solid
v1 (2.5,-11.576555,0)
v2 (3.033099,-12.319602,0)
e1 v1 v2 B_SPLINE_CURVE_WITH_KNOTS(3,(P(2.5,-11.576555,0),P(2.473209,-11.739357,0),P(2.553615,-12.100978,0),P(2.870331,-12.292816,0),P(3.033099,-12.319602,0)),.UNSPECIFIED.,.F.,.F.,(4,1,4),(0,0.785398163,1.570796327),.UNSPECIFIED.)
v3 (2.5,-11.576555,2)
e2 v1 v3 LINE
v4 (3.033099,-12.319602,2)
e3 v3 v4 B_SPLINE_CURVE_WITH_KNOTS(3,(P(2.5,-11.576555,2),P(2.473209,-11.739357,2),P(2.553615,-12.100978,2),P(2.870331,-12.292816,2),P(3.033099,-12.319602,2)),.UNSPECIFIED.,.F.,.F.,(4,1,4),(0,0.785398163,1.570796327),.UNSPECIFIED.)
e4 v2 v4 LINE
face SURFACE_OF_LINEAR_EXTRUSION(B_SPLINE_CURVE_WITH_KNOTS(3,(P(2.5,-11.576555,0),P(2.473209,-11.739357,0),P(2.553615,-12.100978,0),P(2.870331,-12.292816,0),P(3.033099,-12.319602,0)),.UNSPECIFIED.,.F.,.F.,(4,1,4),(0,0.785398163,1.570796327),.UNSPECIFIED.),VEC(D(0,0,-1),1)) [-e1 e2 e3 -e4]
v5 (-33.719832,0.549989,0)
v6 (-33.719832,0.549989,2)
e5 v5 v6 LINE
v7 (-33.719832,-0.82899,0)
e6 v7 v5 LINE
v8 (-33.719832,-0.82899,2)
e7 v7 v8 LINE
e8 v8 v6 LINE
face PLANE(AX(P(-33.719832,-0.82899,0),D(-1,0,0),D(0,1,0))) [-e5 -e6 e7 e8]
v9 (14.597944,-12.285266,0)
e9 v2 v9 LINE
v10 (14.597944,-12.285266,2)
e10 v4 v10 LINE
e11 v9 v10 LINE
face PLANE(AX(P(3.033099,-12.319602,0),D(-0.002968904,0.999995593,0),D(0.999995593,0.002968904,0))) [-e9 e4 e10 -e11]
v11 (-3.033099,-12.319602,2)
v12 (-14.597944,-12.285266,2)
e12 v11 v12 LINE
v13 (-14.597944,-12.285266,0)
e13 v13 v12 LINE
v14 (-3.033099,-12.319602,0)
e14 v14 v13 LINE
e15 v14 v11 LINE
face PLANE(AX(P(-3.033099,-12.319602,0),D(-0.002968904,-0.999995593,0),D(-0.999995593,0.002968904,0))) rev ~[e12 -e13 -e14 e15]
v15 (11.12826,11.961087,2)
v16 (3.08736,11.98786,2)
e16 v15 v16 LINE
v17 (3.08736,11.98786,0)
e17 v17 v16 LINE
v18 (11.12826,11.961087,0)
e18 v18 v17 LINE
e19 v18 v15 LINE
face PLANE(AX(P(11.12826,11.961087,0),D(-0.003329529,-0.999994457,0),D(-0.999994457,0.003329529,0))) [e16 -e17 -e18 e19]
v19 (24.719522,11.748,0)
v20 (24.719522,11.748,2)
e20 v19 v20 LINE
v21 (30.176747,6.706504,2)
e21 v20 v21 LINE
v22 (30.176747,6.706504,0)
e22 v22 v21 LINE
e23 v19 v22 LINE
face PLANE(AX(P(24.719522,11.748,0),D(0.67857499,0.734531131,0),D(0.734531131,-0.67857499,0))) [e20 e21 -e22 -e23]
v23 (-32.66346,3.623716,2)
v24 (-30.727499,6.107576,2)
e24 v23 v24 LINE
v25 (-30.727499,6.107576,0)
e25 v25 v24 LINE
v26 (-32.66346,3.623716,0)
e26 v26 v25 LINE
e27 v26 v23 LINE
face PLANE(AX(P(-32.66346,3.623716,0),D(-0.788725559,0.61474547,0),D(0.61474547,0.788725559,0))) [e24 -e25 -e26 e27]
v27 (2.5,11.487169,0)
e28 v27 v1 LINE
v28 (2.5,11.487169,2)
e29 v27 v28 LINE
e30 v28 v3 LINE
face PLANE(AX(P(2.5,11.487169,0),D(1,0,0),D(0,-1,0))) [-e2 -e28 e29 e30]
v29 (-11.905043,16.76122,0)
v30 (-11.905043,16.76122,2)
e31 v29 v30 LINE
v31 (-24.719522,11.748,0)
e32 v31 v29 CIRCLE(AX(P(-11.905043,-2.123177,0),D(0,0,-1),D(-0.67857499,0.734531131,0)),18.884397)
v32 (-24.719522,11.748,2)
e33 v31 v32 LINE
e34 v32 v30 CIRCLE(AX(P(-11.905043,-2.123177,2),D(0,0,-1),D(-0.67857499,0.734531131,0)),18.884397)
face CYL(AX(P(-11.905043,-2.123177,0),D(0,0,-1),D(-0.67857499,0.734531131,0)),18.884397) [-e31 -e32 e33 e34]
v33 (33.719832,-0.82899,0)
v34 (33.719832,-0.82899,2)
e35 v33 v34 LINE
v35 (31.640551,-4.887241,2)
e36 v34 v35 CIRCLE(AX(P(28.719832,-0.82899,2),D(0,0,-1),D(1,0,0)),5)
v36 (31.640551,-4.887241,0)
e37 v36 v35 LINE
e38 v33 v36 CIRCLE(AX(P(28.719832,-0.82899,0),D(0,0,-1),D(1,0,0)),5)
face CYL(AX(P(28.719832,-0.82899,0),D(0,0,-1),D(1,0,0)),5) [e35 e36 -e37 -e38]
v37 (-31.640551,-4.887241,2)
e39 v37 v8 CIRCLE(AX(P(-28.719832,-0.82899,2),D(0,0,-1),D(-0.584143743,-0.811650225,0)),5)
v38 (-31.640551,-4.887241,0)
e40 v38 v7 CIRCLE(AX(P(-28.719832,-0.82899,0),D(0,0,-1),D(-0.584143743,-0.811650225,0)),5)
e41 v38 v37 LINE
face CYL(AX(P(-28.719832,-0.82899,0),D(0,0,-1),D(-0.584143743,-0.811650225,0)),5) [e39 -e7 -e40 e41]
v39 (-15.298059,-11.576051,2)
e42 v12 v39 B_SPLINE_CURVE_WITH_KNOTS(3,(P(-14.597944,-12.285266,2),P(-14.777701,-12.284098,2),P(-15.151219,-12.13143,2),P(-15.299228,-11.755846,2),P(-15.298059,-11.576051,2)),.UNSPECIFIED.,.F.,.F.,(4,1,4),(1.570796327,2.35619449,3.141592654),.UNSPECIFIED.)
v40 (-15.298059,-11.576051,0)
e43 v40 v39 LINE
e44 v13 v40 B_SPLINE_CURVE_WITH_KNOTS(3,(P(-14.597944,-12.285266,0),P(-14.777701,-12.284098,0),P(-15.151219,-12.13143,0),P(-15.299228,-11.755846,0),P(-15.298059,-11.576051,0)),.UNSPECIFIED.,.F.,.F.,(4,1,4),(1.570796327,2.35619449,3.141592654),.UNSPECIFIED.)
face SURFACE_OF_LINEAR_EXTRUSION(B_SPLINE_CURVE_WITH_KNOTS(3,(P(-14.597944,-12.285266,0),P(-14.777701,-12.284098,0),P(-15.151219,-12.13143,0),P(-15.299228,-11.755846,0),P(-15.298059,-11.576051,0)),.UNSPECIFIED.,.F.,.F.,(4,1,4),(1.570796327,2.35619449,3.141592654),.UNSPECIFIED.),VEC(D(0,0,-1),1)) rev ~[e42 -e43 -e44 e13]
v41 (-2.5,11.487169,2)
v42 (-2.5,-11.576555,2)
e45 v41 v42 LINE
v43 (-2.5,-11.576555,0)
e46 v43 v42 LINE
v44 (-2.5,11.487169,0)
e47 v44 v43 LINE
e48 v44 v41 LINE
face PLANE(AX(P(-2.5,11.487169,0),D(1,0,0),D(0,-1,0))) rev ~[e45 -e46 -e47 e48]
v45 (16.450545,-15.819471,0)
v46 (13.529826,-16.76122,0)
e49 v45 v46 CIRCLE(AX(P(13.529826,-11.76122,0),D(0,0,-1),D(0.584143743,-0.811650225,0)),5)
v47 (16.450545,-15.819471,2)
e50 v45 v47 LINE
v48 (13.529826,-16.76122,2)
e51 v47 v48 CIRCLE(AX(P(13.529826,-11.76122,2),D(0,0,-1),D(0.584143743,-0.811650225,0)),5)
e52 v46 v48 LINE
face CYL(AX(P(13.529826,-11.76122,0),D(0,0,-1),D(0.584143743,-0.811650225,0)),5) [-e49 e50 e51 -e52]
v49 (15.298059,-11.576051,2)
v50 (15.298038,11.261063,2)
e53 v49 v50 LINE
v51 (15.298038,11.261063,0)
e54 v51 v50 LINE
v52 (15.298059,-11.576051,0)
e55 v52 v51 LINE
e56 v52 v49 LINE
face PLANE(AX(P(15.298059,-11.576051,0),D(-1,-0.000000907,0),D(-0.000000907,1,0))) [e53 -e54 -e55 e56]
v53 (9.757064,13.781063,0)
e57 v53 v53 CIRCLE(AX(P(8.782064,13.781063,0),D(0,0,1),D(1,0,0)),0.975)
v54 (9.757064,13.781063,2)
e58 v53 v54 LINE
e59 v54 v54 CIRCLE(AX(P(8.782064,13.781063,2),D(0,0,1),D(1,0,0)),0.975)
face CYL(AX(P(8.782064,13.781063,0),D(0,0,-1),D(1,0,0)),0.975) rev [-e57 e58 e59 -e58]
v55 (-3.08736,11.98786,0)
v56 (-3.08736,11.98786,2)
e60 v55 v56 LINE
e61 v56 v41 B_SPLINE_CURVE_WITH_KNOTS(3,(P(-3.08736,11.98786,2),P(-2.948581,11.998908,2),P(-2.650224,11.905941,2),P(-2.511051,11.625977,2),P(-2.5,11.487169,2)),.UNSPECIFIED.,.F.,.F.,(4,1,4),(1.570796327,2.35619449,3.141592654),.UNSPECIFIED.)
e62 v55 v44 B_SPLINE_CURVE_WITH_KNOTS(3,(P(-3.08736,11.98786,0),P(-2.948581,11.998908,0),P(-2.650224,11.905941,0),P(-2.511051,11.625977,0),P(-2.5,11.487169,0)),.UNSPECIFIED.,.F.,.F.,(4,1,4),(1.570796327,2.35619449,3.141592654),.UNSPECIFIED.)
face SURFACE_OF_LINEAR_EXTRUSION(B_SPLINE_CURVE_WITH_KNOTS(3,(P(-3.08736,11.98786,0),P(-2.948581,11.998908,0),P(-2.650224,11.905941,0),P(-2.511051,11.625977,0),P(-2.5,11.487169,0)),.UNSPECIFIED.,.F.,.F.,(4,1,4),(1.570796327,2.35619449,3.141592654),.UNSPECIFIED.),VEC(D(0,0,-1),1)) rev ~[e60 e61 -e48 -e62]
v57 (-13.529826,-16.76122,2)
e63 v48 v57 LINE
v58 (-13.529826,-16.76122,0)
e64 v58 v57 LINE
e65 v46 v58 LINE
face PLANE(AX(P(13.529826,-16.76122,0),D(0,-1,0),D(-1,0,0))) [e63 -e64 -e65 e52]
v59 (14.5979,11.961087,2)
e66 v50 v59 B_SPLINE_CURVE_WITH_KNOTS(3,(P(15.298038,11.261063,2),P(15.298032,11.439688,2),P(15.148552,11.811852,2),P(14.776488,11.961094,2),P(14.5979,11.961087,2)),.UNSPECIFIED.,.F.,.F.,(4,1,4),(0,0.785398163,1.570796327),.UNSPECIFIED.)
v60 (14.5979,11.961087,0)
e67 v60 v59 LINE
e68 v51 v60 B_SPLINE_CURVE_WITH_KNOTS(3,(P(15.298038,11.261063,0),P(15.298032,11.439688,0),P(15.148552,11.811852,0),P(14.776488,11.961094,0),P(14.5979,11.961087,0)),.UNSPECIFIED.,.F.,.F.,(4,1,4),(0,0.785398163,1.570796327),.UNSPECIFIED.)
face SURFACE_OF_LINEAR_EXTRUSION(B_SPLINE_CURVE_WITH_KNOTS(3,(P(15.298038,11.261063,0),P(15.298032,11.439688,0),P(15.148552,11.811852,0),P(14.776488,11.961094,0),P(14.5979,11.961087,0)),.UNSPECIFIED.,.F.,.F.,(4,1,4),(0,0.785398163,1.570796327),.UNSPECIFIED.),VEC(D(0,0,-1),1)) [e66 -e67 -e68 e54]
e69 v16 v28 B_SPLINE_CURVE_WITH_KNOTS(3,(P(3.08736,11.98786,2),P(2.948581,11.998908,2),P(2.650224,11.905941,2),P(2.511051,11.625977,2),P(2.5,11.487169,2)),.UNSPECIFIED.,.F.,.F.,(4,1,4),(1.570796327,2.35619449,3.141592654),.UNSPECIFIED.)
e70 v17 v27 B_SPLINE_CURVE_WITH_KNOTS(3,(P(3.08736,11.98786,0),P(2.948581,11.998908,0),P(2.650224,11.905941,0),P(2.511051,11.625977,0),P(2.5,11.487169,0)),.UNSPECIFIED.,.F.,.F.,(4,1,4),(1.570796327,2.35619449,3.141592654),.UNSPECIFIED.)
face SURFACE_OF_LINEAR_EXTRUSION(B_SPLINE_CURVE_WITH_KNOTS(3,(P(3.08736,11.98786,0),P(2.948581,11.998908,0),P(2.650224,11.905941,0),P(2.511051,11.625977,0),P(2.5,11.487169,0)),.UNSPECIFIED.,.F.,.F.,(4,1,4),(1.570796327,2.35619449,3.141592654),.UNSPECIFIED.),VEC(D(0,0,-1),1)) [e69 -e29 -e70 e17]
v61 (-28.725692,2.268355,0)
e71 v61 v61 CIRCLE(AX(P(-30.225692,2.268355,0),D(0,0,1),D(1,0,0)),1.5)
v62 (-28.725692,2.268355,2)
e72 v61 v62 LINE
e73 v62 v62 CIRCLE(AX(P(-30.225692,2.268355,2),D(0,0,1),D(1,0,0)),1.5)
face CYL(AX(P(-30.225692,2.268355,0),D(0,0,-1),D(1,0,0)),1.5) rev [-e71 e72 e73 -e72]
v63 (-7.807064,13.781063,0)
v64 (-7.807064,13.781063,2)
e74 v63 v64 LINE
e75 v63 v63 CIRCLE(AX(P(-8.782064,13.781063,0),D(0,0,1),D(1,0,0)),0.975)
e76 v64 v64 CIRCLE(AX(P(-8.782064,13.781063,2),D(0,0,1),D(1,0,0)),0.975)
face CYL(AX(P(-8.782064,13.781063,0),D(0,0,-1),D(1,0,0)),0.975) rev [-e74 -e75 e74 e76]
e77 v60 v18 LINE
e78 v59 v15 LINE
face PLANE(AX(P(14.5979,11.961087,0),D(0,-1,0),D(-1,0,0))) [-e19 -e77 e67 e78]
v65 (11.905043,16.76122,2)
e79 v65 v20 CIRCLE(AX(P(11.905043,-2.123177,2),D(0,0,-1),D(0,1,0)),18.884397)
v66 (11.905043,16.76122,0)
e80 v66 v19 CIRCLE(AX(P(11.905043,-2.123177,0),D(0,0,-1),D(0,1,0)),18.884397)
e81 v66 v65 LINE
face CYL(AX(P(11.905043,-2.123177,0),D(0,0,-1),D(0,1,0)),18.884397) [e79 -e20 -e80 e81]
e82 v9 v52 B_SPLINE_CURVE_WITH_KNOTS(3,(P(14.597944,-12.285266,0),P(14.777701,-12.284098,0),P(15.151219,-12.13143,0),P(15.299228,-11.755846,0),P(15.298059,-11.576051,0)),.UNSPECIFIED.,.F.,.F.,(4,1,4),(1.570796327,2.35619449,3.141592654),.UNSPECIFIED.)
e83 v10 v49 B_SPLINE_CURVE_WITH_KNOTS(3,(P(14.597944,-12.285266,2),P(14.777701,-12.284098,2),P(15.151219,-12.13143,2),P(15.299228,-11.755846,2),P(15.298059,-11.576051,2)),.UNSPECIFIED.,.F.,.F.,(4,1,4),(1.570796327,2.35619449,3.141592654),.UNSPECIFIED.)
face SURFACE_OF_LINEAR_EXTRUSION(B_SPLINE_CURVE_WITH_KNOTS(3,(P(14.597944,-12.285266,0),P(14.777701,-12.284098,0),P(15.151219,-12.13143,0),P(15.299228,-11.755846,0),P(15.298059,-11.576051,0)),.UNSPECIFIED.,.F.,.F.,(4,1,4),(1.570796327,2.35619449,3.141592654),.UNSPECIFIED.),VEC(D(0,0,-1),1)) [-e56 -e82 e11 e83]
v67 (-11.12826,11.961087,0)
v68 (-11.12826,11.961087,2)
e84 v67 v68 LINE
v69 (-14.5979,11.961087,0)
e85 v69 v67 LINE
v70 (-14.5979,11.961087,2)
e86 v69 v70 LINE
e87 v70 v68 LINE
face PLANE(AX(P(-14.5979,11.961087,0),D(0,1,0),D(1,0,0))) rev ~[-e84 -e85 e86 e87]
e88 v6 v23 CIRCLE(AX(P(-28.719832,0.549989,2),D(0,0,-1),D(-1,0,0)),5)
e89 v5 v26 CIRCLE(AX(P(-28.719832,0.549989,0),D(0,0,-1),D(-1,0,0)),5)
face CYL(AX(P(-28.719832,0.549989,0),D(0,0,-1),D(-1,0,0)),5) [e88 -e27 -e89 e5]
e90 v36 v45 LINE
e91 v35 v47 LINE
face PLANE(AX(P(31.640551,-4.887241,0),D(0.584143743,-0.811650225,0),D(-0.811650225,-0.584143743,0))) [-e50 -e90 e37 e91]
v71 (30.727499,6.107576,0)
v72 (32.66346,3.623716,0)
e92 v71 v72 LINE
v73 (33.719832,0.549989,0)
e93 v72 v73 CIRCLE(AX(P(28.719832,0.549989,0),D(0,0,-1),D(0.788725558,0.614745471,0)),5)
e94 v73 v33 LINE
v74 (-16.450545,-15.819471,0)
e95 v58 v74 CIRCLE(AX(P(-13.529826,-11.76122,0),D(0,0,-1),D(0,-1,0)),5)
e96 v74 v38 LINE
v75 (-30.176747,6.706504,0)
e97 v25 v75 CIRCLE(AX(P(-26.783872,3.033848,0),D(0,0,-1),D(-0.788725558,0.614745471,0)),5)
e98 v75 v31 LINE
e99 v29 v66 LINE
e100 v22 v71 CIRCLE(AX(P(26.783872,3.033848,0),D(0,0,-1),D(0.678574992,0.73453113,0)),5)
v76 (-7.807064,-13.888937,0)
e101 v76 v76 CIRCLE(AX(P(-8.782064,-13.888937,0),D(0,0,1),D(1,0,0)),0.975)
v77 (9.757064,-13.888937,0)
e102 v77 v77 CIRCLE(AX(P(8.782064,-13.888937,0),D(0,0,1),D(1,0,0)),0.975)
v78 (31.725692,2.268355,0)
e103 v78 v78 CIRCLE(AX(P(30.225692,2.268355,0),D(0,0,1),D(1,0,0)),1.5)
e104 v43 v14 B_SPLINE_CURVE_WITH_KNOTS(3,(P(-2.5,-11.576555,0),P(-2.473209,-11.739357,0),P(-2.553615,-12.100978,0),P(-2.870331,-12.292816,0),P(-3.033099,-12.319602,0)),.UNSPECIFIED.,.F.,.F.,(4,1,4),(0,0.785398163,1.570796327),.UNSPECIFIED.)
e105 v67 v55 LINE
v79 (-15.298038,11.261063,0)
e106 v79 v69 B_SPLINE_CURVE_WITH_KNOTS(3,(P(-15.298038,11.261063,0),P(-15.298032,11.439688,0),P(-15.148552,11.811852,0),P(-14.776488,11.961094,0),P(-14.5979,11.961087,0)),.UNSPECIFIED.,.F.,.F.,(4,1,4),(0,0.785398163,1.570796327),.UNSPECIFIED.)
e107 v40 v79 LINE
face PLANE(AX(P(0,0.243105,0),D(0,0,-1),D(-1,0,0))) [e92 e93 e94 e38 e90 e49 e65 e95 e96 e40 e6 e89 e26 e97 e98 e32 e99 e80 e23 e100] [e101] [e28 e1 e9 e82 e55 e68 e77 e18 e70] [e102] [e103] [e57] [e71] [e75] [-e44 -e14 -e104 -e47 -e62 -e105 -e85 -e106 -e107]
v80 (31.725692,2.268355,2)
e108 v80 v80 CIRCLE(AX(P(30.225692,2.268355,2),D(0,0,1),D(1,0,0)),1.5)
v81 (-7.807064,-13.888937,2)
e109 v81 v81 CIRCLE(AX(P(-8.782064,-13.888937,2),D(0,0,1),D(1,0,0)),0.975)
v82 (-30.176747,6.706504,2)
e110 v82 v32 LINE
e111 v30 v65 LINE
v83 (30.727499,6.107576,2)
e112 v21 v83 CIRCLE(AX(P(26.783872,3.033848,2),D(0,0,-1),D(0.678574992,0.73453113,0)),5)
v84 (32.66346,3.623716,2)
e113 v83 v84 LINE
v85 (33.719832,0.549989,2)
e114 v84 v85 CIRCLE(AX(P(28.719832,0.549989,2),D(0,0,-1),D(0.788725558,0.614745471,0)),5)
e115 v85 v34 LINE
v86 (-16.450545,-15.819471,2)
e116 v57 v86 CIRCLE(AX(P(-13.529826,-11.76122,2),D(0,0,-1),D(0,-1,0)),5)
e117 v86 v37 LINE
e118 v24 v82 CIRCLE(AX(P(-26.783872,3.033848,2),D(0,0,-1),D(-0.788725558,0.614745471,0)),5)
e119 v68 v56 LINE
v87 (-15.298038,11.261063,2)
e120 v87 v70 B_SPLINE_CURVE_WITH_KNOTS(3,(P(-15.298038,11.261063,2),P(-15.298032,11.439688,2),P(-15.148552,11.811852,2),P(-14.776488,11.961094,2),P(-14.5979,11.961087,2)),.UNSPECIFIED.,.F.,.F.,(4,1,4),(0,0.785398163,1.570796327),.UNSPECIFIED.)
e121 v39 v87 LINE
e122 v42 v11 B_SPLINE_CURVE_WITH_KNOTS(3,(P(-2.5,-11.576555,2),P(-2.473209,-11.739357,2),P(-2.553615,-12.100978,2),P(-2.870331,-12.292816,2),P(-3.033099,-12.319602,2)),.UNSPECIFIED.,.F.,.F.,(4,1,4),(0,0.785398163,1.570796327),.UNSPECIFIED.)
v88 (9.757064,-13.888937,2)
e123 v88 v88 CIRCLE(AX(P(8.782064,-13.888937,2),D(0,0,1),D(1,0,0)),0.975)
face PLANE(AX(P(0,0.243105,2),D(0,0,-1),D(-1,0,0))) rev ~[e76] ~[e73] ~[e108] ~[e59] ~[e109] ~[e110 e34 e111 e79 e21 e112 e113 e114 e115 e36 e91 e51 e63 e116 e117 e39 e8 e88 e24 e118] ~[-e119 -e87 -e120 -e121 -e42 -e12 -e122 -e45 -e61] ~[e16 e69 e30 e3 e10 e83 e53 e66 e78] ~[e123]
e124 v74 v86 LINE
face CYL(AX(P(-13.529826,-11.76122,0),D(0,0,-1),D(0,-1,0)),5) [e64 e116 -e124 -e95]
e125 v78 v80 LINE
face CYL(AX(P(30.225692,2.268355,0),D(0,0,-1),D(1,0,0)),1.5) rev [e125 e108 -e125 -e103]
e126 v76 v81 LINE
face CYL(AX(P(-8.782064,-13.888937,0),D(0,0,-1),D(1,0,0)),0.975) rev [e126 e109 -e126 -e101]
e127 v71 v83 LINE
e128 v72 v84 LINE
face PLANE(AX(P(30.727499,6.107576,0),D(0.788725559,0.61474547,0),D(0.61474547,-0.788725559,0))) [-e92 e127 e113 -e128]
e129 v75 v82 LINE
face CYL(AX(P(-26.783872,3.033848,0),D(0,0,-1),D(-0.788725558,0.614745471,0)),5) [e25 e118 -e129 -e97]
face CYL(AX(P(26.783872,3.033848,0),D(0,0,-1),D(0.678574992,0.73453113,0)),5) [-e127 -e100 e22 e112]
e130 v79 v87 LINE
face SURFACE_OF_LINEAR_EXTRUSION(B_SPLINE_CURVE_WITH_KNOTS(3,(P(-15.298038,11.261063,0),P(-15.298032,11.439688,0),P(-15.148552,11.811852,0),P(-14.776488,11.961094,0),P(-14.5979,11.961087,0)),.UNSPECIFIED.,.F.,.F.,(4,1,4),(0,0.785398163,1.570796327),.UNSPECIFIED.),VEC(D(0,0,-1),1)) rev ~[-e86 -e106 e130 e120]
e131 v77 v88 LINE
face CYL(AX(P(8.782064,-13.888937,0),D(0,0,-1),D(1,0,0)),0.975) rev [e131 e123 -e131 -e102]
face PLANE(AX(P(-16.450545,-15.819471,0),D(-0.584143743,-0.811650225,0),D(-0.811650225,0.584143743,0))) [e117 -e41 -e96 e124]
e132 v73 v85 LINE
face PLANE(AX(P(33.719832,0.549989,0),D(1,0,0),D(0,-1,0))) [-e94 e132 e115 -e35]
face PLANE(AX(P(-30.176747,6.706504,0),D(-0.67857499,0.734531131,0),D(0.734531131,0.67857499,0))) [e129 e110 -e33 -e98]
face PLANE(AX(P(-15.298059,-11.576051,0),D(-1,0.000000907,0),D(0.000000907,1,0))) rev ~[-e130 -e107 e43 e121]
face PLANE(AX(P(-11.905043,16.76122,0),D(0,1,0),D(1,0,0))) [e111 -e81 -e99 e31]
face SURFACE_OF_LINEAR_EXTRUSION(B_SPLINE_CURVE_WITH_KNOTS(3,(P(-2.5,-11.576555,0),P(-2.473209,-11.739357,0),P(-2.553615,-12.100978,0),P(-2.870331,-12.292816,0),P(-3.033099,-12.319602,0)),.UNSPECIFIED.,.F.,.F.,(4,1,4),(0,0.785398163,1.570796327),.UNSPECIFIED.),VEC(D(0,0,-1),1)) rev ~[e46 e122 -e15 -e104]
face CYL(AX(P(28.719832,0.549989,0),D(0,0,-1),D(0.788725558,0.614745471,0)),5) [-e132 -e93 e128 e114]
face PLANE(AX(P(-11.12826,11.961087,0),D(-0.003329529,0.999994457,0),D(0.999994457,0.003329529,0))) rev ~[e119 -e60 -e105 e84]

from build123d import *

# Parameters (mm, degrees)
ESQUISSE1_R             = 1.5
ESQUISSE1_R_2           = 0.975
BOSS_EXTRU_3_DEPTH      = 2
ESQUISSE2_R             = 1.5
ENL_V_MAT_EXTRU_1_DEPTH = 10


with BuildPart() as part:
    # Esquisse1 → Boss.-Extru.3 (new body)
    with BuildSketch(Plane.XY):
        with BuildLine():
            Line((31.640550531, -4.887241018), (16.450544828, -15.819470843))
            ThreePointArc((16.450544828, -15.819470843), (15.064222472, -16.51996197), (13.529826111, -16.761219719))
            Line((13.529826111, -16.761219719), (-13.529826111, -16.761219719))
            ThreePointArc((-13.529826111, -16.761219719), (-15.064222472, -16.51996197), (-16.450544828, -15.819470843))
            Line((-16.450544828, -15.819470843), (-31.640550531, -4.887241018))
            ThreePointArc((-31.640550531, -4.887241018), (-33.169752802, -3.108946738), (-33.719831815, -0.828989895))
            Line((-33.719831815, -0.828989895), (-33.719831815, 0.549989061))
            ThreePointArc((-33.719831815, 0.549989061), (-33.448369589, 2.175083064), (-32.663459607, 3.623716413))
            Line((-32.663459607, 3.623716413), (-30.727499402, 6.107575779))
            ThreePointArc((-30.727499402, 6.107575779), (-30.464326323, 6.418261685), (-30.17674656, 6.706504084))
            Line((-30.17674656, 6.706504084), (-24.719522272, 11.748000297))
            ThreePointArc((-24.719522272, 11.748000297), (-18.785145606, 15.463312907), (-11.905042981, 16.761219719))
            Line((-11.905042981, 16.761219719), (11.905042981, 16.761219719))
            ThreePointArc((11.905042981, 16.761219719), (18.785145606, 15.463312907), (24.719522272, 11.748000297))
            Line((24.719522272, 11.748000297), (30.17674656, 6.706504084))
            ThreePointArc((30.17674656, 6.706504084), (30.464326323, 6.418261685), (30.727499402, 6.107575779))
            Line((30.727499402, 6.107575779), (32.663459607, 3.623716413))
            ThreePointArc((32.663459607, 3.623716413), (33.448369589, 2.175083064), (33.719831815, 0.549989061))
            Line((33.719831815, 0.549989061), (33.719831815, -0.828989895))
            ThreePointArc((33.719831815, -0.828989895), (33.169752802, -3.108946738), (31.640550531, -4.887241018))
        make_face()
        with Locations((-30.225692015, 2.268354752)):
            Circle(ESQUISSE1_R, mode=Mode.SUBTRACT)
        with Locations((-8.782063878, 13.78106332)):
            Circle(ESQUISSE1_R_2, mode=Mode.SUBTRACT)
        with Locations((-8.782063878, -13.88893668)):
            Circle(ESQUISSE1_R_2, mode=Mode.SUBTRACT)
        with Locations((8.782063878, -13.88893668)):
            Circle(ESQUISSE1_R_2, mode=Mode.SUBTRACT)
        with Locations((8.782063878, 13.78106332)):
            Circle(ESQUISSE1_R_2, mode=Mode.SUBTRACT)
        with Locations((30.225692015, 2.268354752)):
            Circle(ESQUISSE1_R, mode=Mode.SUBTRACT)
        with BuildLine():
            Line((-2.5, 11.487169319), (-2.5, -11.576554556))
            add(Edge.make_bspline(
                [(-2.5, -11.576554556), (-2.473208566, -11.739357127), (-2.553615023, -12.100978181), (-2.87033079, -12.292815757), (-3.033099085, -12.319601551)],
                knots=[0, 0, 0, 0, 0.785398163, 1.570796327, 1.570796327, 1.570796327, 1.570796327], degree=3))
            Line((-3.033099085, -12.319601551), (-14.597943906, -12.285266489))
            add(Edge.make_bspline(
                [(-14.597943906, -12.285266489), (-14.777700694, -12.284097516), (-15.151218557, -12.131430398), (-15.299227824, -11.755845667), (-15.298058605, -11.576051026)],
                knots=[1.570796327, 1.570796327, 1.570796327, 1.570796327, 2.35619449, 3.141592654, 3.141592654, 3.141592654, 3.141592654], degree=3))
            Line((-15.298058605, -11.576051026), (-15.298037902, 11.261063321))
            add(Edge.make_bspline(
                [(-15.298037902, 11.261063321), (-15.29803156, 11.4396883), (-15.148551709, 11.811852348), (-14.776487869, 11.961093545), (-14.597900496, 11.961087204)],
                knots=[0, 0, 0, 0, 0.785398163, 1.570796327, 1.570796327, 1.570796327, 1.570796327], degree=3))
            Line((-14.597900496, 11.961087204), (-11.128260179, 11.961087204))
            Line((-11.128260179, 11.961087204), (-3.087360016, 11.987859762))
            add(Edge.make_bspline(
                [(-3.087360016, 11.987859762), (-2.948581163, 11.998907943), (-2.650223858, 11.905940648), (-2.511050508, 11.625977396), (-2.5, 11.487169319)],
                knots=[1.570796327, 1.570796327, 1.570796327, 1.570796327, 2.35619449, 3.141592654, 3.141592654, 3.141592654, 3.141592654], degree=3))
        make_face(mode=Mode.SUBTRACT)
        with BuildLine():
            Line((3.033099085, -12.319601551), (14.597943906, -12.285266489))
            add(Edge.make_bspline(
                [(14.597943906, -12.285266489), (14.777700694, -12.284097516), (15.151218557, -12.131430398), (15.299227824, -11.755845667), (15.298058605, -11.576051026)],
                knots=[1.570796327, 1.570796327, 1.570796327, 1.570796327, 2.35619449, 3.141592654, 3.141592654, 3.141592654, 3.141592654], degree=3))
            Line((15.298058605, -11.576051026), (15.298037902, 11.261063321))
            add(Edge.make_bspline(
                [(15.298037902, 11.261063321), (15.29803156, 11.4396883), (15.148551709, 11.811852348), (14.776487869, 11.961093545), (14.597900496, 11.961087204)],
                knots=[0, 0, 0, 0, 0.785398163, 1.570796327, 1.570796327, 1.570796327, 1.570796327], degree=3))
            Line((14.597900496, 11.961087204), (11.128260179, 11.961087204))
            Line((11.128260179, 11.961087204), (3.087360016, 11.987859762))
            add(Edge.make_bspline(
                [(3.087360016, 11.987859762), (2.948581163, 11.998907943), (2.650223858, 11.905940648), (2.511050508, 11.625977396), (2.5, 11.487169319)],
                knots=[1.570796327, 1.570796327, 1.570796327, 1.570796327, 2.35619449, 3.141592654, 3.141592654, 3.141592654, 3.141592654], degree=3))
            Line((2.5, 11.487169319), (2.5, -11.576554556))
            add(Edge.make_bspline(
                [(2.5, -11.576554556), (2.473208566, -11.739357127), (2.553615023, -12.100978181), (2.87033079, -12.292815757), (3.033099085, -12.319601551)],
                knots=[0, 0, 0, 0, 0.785398163, 1.570796327, 1.570796327, 1.570796327, 1.570796327], degree=3))
        make_face(mode=Mode.SUBTRACT)
    extrude(amount=BOSS_EXTRU_3_DEPTH)

    # Esquisse2 → Enlèv. mat.-Extru.1 (cut)
    with BuildSketch(Plane.XY.offset(2)):
        with Locations((29.955535999, 19.762236701)):
            Circle(ESQUISSE2_R)
        with Locations((-60.239561974, 19.762236701)):
            Circle(ESQUISSE2_R)
    extrude(amount=-ENL_V_MAT_EXTRU_1_DEPTH, mode=Mode.SUBTRACT)


solid = part.part
